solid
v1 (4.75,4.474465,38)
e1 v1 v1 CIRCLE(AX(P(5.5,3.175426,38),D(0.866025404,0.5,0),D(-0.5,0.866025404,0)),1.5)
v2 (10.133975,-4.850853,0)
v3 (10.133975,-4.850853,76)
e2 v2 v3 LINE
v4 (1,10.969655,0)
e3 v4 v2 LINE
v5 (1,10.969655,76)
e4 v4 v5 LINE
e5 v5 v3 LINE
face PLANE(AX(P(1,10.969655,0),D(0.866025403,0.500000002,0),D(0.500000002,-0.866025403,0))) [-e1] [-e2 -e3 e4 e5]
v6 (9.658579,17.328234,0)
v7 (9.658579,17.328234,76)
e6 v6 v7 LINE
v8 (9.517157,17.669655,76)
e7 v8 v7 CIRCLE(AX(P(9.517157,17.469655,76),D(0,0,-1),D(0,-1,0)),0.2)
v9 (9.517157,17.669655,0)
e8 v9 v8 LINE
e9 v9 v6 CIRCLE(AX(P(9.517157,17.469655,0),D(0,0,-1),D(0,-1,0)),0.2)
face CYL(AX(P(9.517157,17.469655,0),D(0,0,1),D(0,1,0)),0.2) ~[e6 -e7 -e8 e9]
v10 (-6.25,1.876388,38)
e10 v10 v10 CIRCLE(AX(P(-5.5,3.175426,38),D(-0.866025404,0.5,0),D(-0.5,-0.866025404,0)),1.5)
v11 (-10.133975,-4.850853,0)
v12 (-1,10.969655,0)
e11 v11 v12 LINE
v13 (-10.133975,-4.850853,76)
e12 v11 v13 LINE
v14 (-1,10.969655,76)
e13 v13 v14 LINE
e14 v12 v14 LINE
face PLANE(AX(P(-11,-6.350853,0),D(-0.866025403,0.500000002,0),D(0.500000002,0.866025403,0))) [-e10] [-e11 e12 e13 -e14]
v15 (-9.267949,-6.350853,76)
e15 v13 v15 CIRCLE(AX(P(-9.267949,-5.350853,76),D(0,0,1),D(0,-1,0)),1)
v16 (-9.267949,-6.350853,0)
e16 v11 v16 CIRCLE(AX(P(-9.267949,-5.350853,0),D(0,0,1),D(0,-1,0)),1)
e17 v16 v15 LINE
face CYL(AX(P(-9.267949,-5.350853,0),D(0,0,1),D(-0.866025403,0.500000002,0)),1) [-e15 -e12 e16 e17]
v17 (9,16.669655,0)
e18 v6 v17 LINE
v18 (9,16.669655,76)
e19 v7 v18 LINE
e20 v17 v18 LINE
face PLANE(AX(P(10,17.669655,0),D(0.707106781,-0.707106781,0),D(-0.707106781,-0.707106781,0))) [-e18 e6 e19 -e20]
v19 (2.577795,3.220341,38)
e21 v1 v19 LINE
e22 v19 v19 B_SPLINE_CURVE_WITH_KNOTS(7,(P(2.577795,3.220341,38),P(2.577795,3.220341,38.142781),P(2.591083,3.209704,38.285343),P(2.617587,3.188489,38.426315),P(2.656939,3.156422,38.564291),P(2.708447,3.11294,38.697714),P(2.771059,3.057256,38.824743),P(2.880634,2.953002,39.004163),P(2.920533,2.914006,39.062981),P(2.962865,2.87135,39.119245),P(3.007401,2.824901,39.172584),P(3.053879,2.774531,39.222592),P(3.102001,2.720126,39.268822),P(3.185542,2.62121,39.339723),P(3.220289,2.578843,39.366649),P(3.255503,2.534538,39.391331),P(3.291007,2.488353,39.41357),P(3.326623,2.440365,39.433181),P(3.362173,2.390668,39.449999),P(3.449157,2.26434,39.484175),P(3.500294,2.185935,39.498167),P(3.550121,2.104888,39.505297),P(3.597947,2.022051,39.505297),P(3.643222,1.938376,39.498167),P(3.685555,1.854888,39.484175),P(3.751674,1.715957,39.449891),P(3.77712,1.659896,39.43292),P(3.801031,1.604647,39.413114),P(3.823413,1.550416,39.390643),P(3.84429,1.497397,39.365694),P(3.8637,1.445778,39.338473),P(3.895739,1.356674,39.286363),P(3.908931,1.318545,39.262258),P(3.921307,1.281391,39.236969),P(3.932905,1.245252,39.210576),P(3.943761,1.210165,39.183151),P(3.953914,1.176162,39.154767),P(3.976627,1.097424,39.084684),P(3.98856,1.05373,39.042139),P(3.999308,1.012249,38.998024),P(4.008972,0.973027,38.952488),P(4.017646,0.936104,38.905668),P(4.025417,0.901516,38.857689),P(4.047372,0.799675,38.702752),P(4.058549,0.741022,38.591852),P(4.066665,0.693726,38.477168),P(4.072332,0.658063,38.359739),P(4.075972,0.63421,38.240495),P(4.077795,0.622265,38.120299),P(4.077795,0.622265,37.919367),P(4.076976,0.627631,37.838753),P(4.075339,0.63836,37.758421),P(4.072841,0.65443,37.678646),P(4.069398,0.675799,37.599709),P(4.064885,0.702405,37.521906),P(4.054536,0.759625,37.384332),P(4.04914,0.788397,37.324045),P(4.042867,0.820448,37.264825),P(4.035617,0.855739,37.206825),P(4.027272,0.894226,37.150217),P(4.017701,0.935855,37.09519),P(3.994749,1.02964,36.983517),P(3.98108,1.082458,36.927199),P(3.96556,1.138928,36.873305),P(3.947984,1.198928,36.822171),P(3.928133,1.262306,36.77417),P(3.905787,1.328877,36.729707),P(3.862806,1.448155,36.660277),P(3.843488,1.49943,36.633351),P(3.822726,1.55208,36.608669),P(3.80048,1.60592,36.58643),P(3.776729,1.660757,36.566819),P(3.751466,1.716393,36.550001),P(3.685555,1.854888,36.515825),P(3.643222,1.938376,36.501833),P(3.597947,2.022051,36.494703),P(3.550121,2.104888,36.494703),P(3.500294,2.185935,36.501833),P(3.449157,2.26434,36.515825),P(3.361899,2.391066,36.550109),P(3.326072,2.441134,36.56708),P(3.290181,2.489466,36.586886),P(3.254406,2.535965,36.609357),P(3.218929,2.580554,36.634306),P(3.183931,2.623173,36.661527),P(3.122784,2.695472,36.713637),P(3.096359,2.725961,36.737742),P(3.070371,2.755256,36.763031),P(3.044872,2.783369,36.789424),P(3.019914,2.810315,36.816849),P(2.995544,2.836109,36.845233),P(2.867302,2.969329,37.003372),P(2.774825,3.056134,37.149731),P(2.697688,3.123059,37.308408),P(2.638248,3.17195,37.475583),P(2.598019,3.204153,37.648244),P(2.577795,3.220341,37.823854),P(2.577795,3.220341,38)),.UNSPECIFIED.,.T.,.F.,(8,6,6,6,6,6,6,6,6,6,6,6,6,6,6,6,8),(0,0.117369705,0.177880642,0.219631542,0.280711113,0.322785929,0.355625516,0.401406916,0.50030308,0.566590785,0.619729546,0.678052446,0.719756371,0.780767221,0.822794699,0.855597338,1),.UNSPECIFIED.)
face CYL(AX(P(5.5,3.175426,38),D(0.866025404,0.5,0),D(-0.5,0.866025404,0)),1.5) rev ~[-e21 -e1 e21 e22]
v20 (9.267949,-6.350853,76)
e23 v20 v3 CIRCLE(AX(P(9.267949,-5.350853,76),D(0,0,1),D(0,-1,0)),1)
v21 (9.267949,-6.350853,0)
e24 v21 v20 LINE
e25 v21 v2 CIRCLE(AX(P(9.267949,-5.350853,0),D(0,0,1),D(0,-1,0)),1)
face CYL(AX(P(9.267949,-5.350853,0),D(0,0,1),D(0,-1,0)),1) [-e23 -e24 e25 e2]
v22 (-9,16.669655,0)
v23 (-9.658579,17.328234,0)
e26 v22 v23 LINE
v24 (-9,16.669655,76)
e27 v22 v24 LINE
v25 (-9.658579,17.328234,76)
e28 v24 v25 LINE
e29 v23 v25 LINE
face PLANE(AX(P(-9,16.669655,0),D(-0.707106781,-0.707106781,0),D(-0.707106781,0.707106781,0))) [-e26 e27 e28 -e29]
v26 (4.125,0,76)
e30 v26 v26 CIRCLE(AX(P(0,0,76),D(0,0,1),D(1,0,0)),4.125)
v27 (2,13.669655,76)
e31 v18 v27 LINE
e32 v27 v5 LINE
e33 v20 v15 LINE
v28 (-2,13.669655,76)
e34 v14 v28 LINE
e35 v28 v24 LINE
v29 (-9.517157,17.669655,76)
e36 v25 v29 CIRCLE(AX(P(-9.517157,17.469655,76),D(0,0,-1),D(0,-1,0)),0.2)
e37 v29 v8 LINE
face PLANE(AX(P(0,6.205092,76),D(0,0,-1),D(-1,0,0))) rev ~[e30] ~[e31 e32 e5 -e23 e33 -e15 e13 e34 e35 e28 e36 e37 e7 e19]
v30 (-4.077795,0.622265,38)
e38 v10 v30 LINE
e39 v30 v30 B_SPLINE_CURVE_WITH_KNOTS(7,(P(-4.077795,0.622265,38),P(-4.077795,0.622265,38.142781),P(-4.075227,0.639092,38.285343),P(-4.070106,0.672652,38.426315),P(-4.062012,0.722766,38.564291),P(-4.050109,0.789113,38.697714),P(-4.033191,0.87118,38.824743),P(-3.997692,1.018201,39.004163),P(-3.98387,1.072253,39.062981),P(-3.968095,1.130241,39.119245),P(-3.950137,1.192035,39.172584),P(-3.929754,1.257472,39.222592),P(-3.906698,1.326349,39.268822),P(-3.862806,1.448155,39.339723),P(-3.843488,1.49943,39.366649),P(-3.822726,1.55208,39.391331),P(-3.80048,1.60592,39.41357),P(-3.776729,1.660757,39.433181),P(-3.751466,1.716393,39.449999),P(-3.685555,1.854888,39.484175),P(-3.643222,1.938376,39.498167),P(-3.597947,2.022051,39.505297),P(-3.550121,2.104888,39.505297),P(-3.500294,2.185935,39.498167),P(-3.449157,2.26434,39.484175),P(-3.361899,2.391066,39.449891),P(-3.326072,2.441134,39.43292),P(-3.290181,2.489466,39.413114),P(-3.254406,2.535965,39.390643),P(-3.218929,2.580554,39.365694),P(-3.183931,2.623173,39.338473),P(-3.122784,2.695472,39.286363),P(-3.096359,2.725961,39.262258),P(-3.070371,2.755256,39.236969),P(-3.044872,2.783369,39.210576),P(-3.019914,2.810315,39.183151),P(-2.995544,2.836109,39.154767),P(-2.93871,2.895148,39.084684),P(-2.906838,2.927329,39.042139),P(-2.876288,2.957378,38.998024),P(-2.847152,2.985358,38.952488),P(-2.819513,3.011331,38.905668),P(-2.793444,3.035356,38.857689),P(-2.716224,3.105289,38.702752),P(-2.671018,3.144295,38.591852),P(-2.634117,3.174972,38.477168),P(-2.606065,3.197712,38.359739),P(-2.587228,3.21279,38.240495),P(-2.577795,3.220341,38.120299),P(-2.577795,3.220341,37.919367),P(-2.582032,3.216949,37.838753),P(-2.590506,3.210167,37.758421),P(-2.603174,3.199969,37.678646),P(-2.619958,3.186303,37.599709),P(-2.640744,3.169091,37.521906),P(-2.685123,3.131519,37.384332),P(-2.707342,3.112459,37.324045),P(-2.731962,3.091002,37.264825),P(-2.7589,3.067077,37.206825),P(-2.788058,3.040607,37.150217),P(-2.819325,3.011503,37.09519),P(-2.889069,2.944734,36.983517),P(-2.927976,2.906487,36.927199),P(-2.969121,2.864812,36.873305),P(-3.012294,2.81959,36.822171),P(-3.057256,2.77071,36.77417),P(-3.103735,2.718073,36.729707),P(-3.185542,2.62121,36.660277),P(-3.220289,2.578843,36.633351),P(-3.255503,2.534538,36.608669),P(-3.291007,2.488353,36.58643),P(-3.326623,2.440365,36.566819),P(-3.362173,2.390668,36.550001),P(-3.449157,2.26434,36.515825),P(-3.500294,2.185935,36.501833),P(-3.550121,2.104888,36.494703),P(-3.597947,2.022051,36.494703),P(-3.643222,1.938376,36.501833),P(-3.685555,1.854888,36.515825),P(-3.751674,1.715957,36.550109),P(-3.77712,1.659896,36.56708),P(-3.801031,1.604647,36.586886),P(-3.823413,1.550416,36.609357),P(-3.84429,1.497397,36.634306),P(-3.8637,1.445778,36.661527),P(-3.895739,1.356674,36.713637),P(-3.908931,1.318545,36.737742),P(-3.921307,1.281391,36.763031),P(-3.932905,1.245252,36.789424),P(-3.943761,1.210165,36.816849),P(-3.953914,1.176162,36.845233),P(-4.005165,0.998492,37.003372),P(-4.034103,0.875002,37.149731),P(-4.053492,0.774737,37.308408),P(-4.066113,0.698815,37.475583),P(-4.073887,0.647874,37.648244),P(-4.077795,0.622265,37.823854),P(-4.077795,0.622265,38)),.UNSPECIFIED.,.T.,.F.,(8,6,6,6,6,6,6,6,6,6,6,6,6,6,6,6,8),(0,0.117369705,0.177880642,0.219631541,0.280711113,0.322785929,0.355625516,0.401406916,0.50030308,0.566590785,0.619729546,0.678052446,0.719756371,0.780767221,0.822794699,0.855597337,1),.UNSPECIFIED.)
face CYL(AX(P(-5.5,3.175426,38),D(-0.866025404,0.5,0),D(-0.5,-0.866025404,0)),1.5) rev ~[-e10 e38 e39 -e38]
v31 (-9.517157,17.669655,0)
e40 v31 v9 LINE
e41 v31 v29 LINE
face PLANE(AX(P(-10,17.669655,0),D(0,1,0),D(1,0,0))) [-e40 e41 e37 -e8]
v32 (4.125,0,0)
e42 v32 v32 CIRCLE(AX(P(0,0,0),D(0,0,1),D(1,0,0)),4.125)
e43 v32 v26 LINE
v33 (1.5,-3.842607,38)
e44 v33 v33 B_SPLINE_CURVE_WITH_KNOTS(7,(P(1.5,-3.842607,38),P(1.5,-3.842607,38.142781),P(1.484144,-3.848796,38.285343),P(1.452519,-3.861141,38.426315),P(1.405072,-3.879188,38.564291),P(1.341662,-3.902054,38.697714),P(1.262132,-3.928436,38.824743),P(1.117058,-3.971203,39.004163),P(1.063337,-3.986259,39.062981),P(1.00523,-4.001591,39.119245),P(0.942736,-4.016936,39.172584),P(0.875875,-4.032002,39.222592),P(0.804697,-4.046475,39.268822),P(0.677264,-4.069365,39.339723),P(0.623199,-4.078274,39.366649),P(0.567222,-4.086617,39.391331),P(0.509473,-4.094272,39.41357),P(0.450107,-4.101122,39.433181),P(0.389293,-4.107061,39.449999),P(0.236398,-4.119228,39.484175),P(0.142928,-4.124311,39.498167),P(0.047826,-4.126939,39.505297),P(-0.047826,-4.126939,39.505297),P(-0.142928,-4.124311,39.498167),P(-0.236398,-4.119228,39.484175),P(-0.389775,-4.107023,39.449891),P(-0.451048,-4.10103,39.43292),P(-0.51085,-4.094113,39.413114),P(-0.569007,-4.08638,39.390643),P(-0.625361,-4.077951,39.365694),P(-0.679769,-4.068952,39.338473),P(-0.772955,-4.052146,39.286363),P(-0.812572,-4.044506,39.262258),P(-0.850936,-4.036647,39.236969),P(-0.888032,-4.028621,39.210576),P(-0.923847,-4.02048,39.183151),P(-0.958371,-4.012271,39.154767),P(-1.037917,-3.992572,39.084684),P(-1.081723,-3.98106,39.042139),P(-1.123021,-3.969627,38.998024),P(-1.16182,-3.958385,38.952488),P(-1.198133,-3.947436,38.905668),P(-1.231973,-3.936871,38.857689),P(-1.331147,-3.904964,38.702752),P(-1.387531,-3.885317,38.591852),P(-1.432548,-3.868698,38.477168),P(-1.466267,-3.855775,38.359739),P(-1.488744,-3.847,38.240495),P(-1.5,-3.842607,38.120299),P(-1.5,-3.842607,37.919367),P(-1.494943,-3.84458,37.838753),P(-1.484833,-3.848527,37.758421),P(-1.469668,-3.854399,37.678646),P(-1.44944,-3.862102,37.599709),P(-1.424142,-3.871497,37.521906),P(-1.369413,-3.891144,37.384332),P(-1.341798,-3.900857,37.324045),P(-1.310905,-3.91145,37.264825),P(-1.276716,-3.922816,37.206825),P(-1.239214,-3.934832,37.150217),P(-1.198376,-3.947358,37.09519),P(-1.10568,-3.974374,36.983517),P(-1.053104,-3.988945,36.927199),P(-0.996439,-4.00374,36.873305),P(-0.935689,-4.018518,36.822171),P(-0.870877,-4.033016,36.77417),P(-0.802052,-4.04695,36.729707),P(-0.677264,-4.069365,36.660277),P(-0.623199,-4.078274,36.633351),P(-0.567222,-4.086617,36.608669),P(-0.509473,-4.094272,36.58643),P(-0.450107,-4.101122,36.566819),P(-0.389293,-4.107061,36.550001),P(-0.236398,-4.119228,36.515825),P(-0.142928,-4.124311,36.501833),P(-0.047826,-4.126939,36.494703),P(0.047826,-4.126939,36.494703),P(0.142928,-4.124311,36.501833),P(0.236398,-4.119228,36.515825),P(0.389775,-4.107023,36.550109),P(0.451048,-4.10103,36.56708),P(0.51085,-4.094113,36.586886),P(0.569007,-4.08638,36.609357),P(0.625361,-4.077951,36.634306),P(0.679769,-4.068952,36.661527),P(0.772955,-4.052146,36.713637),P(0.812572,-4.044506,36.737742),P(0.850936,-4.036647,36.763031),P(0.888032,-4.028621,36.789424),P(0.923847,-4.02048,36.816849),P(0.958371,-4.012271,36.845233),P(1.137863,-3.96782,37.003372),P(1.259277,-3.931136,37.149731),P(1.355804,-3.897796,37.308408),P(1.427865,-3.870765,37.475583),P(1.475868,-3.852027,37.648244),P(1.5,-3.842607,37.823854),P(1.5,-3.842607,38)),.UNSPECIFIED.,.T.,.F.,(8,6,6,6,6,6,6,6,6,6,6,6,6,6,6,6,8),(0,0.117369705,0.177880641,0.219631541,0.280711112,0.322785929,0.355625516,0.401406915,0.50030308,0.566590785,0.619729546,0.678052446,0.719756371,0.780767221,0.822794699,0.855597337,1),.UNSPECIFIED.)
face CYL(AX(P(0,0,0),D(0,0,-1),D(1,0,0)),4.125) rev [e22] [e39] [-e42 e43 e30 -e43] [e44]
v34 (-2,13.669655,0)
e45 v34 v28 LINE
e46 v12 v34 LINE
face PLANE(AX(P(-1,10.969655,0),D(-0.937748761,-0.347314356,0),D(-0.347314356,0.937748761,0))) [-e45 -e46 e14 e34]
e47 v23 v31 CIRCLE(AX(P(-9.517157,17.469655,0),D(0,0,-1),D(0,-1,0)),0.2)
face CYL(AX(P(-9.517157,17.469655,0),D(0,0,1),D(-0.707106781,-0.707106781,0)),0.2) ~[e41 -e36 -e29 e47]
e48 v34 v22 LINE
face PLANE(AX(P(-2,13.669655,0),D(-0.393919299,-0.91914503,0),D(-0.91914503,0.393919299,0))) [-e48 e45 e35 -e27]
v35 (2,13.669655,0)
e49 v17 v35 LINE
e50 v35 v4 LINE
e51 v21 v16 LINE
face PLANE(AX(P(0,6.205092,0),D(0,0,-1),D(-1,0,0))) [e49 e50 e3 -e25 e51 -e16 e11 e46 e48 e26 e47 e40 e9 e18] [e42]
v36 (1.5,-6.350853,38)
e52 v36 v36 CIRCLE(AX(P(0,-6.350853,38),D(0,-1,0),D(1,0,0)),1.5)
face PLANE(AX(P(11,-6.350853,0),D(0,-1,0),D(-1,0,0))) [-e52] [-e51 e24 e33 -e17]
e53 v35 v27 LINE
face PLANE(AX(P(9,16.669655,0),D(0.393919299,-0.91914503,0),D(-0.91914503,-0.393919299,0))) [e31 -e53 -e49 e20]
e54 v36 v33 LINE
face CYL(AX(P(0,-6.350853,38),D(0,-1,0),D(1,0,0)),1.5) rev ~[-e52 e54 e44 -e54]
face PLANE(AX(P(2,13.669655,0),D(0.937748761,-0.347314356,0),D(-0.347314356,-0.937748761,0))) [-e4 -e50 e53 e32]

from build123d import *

# Parameters (mm, degrees)
SKETCH_R           = 4.125
PAD_DEPTH          = 76
SKETCH001_R        = 1.5
POCKET_DEPTH       = 5
POLARPATTERN_COUNT = 3
FILLET_R           = 1
FILLET001_R        = 0.2


with BuildPart() as part:
    # Sketch → Pad (new body)
    with BuildSketch(Plane.XY):
        Polygon((-11, -6.350853), (-1, 10.969655), (-2, 13.669655), (-9, 16.669655), (-10, 17.669655), (10, 17.669655), (9, 16.669655), (2, 13.669655), (1, 10.969655), (11, -6.350853), align=None)
        Circle(SKETCH_R, mode=Mode.SUBTRACT)
    extrude(amount=PAD_DEPTH)

    # Sketch001 → Pocket (cut)
    with BuildSketch(Plane.XZ.offset(6.350853)):
        with Locations((0, 38)):
            Circle(SKETCH001_R)
    pocket = extrude(amount=-POCKET_DEPTH, mode=Mode.SUBTRACT)

    # PolarPattern: Pocket ×3 about axis
    polarpattern_axis = Axis((0, 0, 0), (0, 0, 1))
    for i in range(1, POLARPATTERN_COUNT):
        add(pocket.rotate(polarpattern_axis, i * 360 / POLARPATTERN_COUNT), mode=Mode.SUBTRACT)

    # Fillet
    fillet_edges = [part.edges().sort_by_distance(p)[0] for p in [
        (11, -6.350853, 38),
        (-11, -6.350853, 38),
    ]]
    fillet(fillet_edges, radius=FILLET_R)

    # Fillet001
    fillet001_edges = [part.edges().sort_by_distance(p)[0] for p in [
        (10, 17.669655, 38),
        (-10, 17.669655, 38),
    ]]
    fillet(fillet001_edges, radius=FILLET001_R)


solid = part.part
